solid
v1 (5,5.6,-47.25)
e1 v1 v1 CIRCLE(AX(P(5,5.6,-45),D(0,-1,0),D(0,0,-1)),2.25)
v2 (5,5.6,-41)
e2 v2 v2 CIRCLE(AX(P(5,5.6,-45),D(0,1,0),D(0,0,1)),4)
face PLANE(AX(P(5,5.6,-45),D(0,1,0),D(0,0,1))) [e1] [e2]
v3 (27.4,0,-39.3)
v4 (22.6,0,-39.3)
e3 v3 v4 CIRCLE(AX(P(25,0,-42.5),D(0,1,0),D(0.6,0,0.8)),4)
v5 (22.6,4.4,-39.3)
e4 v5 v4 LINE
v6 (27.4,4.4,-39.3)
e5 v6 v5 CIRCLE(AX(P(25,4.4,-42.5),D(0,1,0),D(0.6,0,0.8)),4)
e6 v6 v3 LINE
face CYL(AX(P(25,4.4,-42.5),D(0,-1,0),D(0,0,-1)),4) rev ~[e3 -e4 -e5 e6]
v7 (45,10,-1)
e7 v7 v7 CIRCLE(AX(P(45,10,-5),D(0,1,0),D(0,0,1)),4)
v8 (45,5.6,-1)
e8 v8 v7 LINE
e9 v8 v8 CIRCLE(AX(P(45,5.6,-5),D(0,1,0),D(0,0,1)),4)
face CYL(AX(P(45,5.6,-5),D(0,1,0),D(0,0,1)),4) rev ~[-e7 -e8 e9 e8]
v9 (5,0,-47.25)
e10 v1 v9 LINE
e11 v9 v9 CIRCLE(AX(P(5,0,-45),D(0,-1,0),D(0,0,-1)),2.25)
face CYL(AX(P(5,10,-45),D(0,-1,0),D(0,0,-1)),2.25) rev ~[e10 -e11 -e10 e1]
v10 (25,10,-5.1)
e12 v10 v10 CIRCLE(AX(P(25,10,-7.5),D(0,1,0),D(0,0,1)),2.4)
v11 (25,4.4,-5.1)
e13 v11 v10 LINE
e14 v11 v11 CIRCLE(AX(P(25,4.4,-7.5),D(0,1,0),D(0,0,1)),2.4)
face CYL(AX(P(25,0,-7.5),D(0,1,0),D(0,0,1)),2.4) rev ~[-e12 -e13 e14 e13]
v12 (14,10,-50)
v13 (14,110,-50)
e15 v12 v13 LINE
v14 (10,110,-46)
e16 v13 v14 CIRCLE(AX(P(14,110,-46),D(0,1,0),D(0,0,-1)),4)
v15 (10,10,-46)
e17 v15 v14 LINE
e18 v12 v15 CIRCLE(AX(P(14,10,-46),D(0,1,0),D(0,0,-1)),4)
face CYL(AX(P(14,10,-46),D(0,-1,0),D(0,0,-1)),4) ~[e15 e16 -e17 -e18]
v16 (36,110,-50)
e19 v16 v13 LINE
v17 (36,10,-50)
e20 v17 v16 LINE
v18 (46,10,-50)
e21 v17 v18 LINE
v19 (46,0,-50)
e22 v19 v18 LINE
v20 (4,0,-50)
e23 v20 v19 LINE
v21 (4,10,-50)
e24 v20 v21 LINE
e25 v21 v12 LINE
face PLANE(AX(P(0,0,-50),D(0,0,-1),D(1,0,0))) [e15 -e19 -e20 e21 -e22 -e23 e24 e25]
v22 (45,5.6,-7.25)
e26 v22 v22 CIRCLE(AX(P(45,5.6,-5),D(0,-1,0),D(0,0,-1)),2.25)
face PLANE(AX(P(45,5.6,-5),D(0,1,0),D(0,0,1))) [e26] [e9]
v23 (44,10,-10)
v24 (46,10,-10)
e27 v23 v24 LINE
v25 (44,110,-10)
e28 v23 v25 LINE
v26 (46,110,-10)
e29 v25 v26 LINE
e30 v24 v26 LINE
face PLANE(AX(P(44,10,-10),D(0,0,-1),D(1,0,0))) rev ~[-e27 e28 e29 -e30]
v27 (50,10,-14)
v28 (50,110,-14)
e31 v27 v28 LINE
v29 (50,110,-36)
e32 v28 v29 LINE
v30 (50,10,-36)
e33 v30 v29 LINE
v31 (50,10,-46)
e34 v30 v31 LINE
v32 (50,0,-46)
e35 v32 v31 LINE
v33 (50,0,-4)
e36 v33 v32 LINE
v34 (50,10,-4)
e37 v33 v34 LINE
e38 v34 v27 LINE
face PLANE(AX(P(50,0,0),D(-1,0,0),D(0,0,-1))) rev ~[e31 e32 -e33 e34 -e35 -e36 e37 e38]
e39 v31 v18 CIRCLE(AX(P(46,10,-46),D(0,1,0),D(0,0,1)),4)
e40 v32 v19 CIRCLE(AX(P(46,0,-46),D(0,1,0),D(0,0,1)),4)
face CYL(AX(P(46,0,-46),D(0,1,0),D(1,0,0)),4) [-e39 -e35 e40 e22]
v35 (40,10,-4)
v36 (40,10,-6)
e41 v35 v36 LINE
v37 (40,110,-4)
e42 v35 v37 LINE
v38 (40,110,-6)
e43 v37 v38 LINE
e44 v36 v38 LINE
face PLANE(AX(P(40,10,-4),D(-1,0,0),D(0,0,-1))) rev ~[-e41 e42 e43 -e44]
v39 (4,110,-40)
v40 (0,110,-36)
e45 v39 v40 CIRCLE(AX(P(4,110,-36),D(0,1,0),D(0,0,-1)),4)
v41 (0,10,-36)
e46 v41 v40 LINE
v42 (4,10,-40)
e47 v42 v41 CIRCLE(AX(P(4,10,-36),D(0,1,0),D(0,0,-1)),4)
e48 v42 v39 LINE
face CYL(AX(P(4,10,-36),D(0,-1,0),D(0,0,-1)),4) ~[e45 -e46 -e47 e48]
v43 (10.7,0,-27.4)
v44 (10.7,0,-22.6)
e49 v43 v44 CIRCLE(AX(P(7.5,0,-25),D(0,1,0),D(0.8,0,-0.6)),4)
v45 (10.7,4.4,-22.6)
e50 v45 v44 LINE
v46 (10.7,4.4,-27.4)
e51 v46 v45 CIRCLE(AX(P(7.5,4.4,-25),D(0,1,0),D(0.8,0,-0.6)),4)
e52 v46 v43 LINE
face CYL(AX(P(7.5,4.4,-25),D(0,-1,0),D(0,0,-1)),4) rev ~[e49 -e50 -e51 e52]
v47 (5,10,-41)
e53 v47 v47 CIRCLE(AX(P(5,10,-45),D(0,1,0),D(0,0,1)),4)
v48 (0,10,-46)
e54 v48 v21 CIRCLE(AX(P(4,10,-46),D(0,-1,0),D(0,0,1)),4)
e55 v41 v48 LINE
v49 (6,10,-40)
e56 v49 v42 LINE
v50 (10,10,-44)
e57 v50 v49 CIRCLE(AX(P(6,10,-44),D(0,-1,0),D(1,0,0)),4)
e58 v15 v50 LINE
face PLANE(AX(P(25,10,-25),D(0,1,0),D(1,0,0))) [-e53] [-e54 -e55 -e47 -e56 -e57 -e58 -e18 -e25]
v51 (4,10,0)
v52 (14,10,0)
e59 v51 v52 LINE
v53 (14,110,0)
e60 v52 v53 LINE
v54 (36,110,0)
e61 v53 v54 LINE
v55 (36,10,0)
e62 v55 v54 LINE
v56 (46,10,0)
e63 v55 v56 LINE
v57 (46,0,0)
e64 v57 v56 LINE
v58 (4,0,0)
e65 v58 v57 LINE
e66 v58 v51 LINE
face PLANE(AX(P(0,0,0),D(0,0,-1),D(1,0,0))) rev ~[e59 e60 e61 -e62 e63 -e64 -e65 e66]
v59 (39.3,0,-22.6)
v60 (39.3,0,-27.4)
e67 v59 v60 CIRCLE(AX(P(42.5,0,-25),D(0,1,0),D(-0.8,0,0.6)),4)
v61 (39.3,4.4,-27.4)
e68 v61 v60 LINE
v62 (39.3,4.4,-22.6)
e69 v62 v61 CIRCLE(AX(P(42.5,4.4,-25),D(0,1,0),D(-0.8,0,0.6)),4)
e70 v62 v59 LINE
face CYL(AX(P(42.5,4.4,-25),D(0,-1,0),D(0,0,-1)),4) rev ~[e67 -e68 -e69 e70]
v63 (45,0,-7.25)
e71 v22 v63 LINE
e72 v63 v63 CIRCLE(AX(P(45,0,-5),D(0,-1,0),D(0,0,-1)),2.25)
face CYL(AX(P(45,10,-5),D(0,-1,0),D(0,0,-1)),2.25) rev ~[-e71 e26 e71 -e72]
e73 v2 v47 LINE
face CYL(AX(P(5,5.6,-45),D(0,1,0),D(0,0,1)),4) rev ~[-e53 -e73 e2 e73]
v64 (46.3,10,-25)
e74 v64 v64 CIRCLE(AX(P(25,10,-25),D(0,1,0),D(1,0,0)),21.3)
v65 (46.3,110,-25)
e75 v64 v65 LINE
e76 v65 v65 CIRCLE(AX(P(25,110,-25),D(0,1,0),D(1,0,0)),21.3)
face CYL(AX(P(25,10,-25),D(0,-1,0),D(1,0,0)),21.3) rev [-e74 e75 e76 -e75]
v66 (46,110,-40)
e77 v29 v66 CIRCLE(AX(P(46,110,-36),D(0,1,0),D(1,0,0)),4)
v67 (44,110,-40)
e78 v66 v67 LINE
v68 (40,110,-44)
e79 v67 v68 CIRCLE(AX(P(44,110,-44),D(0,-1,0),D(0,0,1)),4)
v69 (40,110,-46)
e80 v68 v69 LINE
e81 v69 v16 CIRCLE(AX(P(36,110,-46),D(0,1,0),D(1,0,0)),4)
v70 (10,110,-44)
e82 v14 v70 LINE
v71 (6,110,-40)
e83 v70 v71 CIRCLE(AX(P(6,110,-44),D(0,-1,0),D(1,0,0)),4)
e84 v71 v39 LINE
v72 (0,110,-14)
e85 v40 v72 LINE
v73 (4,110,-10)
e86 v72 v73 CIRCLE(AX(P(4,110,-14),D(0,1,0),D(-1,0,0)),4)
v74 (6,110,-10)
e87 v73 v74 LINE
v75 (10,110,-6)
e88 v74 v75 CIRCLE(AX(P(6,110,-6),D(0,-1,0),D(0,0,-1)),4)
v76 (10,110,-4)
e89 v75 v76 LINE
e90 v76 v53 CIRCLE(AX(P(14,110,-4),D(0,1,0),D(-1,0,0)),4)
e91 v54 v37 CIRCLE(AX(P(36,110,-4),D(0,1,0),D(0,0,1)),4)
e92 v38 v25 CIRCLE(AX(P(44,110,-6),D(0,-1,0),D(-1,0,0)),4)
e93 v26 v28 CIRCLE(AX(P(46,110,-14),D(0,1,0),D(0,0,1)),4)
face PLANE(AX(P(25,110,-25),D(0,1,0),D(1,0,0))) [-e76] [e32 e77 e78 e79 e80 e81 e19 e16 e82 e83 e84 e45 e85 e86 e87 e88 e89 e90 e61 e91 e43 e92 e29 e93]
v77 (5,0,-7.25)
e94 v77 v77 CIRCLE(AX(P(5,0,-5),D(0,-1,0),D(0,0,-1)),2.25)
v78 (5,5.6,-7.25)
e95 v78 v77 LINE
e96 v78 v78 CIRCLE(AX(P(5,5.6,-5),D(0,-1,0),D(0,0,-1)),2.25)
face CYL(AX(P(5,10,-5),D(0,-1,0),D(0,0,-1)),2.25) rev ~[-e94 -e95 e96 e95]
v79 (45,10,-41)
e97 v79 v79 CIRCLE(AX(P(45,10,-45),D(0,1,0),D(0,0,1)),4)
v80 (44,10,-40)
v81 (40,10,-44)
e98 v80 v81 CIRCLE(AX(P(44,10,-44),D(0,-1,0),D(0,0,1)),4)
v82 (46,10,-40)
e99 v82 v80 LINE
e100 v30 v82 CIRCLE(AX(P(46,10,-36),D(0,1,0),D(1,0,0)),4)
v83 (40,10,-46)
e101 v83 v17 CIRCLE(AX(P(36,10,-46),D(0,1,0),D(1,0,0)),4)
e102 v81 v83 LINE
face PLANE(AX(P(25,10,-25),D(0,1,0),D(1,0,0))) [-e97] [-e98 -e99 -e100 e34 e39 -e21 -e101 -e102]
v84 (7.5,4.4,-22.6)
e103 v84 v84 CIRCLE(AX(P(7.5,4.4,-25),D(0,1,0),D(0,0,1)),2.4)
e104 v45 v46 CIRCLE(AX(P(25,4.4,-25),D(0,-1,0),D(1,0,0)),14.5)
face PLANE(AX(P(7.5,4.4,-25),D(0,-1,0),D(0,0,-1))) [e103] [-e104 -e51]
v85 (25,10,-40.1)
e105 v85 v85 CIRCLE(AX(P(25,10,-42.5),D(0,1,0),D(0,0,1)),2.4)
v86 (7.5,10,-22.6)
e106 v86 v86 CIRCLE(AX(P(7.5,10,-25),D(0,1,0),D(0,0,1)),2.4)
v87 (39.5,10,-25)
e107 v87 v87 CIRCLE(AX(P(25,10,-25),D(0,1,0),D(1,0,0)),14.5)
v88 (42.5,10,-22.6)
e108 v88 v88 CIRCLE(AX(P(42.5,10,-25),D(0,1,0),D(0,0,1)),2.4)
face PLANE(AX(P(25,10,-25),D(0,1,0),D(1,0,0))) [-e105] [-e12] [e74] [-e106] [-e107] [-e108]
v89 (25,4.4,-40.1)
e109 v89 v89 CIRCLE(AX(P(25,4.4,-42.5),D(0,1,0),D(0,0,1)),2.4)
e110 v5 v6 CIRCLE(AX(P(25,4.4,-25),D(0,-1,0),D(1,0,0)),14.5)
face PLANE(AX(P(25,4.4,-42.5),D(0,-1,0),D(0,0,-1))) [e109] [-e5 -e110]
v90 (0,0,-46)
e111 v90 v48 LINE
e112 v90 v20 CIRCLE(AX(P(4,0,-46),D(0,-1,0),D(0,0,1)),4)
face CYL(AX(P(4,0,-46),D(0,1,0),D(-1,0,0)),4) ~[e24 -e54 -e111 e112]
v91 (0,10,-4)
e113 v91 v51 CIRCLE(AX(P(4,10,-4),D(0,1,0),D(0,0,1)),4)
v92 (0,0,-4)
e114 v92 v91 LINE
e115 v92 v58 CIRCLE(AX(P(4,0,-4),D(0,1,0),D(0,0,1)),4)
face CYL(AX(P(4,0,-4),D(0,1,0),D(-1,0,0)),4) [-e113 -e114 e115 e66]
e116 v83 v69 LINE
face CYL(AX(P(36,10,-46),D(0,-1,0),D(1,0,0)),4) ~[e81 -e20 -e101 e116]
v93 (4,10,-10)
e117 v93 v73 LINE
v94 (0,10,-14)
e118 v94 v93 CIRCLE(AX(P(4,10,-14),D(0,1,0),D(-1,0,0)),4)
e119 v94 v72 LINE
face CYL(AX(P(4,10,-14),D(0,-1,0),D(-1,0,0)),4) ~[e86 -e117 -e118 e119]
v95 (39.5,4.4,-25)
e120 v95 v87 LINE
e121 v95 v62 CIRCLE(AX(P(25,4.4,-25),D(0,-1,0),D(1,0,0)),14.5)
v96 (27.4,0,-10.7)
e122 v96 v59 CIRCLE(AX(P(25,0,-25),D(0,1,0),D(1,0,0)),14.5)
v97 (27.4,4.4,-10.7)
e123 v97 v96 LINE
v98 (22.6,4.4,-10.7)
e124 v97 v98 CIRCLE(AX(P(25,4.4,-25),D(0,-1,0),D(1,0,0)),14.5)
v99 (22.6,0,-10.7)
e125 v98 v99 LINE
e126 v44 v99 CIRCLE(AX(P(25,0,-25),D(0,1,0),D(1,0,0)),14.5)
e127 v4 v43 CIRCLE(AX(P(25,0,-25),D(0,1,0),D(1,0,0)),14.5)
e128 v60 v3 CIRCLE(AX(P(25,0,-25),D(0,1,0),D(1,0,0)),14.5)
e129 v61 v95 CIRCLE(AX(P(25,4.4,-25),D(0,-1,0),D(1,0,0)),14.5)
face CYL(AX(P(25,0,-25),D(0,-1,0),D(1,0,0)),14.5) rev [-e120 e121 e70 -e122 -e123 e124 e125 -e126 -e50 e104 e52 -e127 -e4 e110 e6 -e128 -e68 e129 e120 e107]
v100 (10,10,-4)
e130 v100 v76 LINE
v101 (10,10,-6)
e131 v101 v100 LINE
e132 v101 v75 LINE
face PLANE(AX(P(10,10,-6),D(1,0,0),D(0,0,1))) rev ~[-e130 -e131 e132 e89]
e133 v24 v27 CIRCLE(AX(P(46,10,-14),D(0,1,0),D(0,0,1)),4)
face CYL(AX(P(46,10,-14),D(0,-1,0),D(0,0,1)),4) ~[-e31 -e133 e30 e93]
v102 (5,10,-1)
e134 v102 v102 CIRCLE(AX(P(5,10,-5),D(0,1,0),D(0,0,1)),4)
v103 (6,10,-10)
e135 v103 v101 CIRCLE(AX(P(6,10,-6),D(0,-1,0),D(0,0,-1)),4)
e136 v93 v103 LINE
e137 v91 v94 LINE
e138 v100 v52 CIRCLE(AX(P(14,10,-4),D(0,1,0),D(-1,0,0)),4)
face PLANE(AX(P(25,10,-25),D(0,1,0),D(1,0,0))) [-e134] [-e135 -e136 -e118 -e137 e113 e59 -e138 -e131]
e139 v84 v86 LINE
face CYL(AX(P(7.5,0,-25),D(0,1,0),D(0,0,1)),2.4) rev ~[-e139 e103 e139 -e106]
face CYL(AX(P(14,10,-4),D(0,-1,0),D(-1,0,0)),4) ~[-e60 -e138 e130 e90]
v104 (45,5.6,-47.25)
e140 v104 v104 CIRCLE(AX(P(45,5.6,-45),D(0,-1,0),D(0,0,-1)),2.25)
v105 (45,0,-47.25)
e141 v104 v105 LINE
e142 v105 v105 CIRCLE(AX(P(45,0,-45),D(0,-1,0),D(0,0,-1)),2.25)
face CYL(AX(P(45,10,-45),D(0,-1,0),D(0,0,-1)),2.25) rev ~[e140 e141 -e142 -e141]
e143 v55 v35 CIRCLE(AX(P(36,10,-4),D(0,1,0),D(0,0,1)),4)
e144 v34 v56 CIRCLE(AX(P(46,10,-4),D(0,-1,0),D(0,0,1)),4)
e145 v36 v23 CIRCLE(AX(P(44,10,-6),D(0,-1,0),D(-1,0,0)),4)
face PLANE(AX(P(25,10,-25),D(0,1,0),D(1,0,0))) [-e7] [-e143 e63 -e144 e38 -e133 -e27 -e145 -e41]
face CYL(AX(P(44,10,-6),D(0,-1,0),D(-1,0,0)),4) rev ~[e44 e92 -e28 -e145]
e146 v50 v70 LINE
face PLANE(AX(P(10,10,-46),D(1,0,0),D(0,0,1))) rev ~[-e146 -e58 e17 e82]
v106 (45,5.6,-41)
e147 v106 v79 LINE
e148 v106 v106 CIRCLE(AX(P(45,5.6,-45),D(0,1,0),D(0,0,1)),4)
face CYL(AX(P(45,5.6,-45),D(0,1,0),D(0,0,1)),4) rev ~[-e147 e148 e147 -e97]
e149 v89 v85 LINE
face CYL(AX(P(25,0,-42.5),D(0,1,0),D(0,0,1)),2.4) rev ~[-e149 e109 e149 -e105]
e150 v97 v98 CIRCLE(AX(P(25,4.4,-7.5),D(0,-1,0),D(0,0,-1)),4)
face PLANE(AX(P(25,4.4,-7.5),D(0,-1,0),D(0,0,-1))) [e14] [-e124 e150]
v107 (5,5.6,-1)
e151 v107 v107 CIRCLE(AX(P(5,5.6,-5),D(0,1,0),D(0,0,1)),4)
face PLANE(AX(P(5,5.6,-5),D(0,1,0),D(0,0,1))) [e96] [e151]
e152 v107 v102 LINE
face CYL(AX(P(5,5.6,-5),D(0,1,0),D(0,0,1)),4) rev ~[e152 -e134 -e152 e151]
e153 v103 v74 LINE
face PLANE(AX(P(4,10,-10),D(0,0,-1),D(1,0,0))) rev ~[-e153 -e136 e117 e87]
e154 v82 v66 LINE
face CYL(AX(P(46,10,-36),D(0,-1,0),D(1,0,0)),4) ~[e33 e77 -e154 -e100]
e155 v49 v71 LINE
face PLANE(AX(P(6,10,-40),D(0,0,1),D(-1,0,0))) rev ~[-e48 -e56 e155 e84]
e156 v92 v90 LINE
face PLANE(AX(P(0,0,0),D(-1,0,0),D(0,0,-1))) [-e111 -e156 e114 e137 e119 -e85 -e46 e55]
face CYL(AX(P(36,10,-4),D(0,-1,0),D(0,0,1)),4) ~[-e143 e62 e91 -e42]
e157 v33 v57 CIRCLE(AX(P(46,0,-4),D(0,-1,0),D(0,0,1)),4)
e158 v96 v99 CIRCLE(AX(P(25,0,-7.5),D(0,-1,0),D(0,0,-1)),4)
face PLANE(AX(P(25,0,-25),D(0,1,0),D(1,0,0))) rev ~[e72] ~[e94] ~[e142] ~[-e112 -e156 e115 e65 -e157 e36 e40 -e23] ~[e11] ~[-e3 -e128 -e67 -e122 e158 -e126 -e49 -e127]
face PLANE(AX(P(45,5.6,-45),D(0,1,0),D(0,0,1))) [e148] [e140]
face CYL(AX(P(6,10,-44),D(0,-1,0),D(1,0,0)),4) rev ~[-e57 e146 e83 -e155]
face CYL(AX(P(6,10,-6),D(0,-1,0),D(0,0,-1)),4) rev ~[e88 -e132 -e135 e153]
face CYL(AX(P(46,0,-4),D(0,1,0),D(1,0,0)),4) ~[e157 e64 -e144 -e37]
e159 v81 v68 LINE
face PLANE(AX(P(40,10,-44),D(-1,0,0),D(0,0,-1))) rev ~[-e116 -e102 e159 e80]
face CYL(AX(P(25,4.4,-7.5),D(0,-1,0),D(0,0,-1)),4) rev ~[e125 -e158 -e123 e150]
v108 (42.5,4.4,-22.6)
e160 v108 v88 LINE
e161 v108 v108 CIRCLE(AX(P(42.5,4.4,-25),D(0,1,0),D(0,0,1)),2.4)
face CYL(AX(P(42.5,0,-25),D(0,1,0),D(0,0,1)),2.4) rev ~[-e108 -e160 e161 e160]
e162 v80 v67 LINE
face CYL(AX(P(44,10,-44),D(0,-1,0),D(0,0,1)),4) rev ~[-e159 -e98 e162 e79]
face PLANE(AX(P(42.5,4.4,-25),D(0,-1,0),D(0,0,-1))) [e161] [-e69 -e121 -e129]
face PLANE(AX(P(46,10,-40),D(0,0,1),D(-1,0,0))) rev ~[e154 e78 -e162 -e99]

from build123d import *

# Parameters (mm, degrees)
ESQUISSE1_W                                       = 50
ESQUISSE1_H                                       = 50
ESQUISSE1_R                                       = 14.5
BOSS_EXTRU_1_DEPTH                                = 10
ESQUISSE2_R                                       = 21.3
BOSS_EXTRU_2_DEPTH                                = 100
CHAMBRAGE_POUR_VIS_SIX_PANS_CREUX_M41_D           = 4.5
CHAMBRAGE_POUR_VIS_SIX_PANS_CREUX_M41_CBORE_D     = 8
CHAMBRAGE_POUR_VIS_SIX_PANS_CREUX_M41_CBORE_DEPTH = 4.4
CHAMBRAGE_POUR_VIS_SIX_PANS_CREUX_M42_D           = 4.8
CHAMBRAGE_POUR_VIS_SIX_PANS_CREUX_M42_CBORE_D     = 8
CHAMBRAGE_POUR_VIS_SIX_PANS_CREUX_M42_CBORE_DEPTH = 4.4
CONG_1_R                                          = 4


with BuildPart() as part:
    # Esquisse1 → Boss.-Extru.1 (new body)
    with BuildSketch(Plane(origin=(0, 0, 0), x_dir=(1, 0, 0), z_dir=(0, 1, 0))):
        with Locations((25, 25)):
            Rectangle(ESQUISSE1_W, ESQUISSE1_H)
        with Locations((25, 25)):
            Circle(ESQUISSE1_R, mode=Mode.SUBTRACT)
    extrude(amount=BOSS_EXTRU_1_DEPTH)

    # Esquisse2 → Boss.-Extru.2 (add)
    with BuildSketch(Plane(origin=(0, 10, 0), x_dir=(1, 0, 0), z_dir=(0, 1, 0))):
        with BuildLine():
            Line((40, 44), (40, 46))
            ThreePointArc((40, 46), (38.828427125, 48.828427125), (36, 50))
            Line((36, 50), (14, 50))
            ThreePointArc((14, 50), (11.171572875, 48.828427125), (10, 46))
            Line((10, 46), (10, 44))
            ThreePointArc((10, 44), (8.828427125, 41.171572875), (6, 40))
            Line((6, 40), (4, 40))
            ThreePointArc((4, 40), (1.171572875, 38.828427125), (0, 36))
            Line((0, 36), (0, 14))
            ThreePointArc((0, 14), (1.171572875, 11.171572875), (4, 10))
            Line((4, 10), (6, 10))
            ThreePointArc((6, 10), (8.828427125, 8.828427125), (10, 6))
            Line((10, 6), (10, 4))
            ThreePointArc((10, 4), (11.171572875, 1.171572875), (14, 0))
            Line((14, 0), (36, 0))
            ThreePointArc((36, 0), (38.828427125, 1.171572875), (40, 4))
            Line((40, 4), (40, 6))
            ThreePointArc((40, 6), (41.171572875, 8.828427125), (44, 10))
            Line((44, 10), (46, 10))
            ThreePointArc((46, 10), (48.828427125, 11.171572875), (50, 14))
            Line((50, 14), (50, 36))
            ThreePointArc((50, 36), (48.828427125, 38.828427125), (46, 40))
            Line((46, 40), (44, 40))
            ThreePointArc((44, 40), (41.171572875, 41.171572875), (40, 44))
        make_face()
        with Locations((25, 25)):
            Circle(ESQUISSE2_R, mode=Mode.SUBTRACT)
    extrude(amount=BOSS_EXTRU_2_DEPTH)

    # Chambrage pour vis à six pans creux M41 (through all)
    with Locations(Plane(origin=(5, 10, -45), x_dir=(0, 0, 1), z_dir=(0, 1, 0))):
        with Locations((0, 0), (0, 40), (40, 40), (40, 0)):
            CounterBoreHole(CHAMBRAGE_POUR_VIS_SIX_PANS_CREUX_M41_D / 2, CHAMBRAGE_POUR_VIS_SIX_PANS_CREUX_M41_CBORE_D / 2, CHAMBRAGE_POUR_VIS_SIX_PANS_CREUX_M41_CBORE_DEPTH)

    # Chambrage pour vis à six pans creux M42 (through all)
    with Locations(Plane(origin=(25, 0, -7.5), x_dir=(0, 0, -1), z_dir=(0, -1, 0))):
        with Locations((0, 0), (17.5, 17.5), (35, 0), (17.5, -17.5)):
            CounterBoreHole(CHAMBRAGE_POUR_VIS_SIX_PANS_CREUX_M42_D / 2, CHAMBRAGE_POUR_VIS_SIX_PANS_CREUX_M42_CBORE_D / 2, CHAMBRAGE_POUR_VIS_SIX_PANS_CREUX_M42_CBORE_DEPTH)

    # Congé1
    cong_1_edges = [part.edges().sort_by_distance(p)[0] for p in [
        (0, 5, -50),
        (50, 5, -50),
        (50, 5, 0),
        (0, 5, 0),
    ]]
    fillet(cong_1_edges, radius=CONG_1_R)


solid = part.part
